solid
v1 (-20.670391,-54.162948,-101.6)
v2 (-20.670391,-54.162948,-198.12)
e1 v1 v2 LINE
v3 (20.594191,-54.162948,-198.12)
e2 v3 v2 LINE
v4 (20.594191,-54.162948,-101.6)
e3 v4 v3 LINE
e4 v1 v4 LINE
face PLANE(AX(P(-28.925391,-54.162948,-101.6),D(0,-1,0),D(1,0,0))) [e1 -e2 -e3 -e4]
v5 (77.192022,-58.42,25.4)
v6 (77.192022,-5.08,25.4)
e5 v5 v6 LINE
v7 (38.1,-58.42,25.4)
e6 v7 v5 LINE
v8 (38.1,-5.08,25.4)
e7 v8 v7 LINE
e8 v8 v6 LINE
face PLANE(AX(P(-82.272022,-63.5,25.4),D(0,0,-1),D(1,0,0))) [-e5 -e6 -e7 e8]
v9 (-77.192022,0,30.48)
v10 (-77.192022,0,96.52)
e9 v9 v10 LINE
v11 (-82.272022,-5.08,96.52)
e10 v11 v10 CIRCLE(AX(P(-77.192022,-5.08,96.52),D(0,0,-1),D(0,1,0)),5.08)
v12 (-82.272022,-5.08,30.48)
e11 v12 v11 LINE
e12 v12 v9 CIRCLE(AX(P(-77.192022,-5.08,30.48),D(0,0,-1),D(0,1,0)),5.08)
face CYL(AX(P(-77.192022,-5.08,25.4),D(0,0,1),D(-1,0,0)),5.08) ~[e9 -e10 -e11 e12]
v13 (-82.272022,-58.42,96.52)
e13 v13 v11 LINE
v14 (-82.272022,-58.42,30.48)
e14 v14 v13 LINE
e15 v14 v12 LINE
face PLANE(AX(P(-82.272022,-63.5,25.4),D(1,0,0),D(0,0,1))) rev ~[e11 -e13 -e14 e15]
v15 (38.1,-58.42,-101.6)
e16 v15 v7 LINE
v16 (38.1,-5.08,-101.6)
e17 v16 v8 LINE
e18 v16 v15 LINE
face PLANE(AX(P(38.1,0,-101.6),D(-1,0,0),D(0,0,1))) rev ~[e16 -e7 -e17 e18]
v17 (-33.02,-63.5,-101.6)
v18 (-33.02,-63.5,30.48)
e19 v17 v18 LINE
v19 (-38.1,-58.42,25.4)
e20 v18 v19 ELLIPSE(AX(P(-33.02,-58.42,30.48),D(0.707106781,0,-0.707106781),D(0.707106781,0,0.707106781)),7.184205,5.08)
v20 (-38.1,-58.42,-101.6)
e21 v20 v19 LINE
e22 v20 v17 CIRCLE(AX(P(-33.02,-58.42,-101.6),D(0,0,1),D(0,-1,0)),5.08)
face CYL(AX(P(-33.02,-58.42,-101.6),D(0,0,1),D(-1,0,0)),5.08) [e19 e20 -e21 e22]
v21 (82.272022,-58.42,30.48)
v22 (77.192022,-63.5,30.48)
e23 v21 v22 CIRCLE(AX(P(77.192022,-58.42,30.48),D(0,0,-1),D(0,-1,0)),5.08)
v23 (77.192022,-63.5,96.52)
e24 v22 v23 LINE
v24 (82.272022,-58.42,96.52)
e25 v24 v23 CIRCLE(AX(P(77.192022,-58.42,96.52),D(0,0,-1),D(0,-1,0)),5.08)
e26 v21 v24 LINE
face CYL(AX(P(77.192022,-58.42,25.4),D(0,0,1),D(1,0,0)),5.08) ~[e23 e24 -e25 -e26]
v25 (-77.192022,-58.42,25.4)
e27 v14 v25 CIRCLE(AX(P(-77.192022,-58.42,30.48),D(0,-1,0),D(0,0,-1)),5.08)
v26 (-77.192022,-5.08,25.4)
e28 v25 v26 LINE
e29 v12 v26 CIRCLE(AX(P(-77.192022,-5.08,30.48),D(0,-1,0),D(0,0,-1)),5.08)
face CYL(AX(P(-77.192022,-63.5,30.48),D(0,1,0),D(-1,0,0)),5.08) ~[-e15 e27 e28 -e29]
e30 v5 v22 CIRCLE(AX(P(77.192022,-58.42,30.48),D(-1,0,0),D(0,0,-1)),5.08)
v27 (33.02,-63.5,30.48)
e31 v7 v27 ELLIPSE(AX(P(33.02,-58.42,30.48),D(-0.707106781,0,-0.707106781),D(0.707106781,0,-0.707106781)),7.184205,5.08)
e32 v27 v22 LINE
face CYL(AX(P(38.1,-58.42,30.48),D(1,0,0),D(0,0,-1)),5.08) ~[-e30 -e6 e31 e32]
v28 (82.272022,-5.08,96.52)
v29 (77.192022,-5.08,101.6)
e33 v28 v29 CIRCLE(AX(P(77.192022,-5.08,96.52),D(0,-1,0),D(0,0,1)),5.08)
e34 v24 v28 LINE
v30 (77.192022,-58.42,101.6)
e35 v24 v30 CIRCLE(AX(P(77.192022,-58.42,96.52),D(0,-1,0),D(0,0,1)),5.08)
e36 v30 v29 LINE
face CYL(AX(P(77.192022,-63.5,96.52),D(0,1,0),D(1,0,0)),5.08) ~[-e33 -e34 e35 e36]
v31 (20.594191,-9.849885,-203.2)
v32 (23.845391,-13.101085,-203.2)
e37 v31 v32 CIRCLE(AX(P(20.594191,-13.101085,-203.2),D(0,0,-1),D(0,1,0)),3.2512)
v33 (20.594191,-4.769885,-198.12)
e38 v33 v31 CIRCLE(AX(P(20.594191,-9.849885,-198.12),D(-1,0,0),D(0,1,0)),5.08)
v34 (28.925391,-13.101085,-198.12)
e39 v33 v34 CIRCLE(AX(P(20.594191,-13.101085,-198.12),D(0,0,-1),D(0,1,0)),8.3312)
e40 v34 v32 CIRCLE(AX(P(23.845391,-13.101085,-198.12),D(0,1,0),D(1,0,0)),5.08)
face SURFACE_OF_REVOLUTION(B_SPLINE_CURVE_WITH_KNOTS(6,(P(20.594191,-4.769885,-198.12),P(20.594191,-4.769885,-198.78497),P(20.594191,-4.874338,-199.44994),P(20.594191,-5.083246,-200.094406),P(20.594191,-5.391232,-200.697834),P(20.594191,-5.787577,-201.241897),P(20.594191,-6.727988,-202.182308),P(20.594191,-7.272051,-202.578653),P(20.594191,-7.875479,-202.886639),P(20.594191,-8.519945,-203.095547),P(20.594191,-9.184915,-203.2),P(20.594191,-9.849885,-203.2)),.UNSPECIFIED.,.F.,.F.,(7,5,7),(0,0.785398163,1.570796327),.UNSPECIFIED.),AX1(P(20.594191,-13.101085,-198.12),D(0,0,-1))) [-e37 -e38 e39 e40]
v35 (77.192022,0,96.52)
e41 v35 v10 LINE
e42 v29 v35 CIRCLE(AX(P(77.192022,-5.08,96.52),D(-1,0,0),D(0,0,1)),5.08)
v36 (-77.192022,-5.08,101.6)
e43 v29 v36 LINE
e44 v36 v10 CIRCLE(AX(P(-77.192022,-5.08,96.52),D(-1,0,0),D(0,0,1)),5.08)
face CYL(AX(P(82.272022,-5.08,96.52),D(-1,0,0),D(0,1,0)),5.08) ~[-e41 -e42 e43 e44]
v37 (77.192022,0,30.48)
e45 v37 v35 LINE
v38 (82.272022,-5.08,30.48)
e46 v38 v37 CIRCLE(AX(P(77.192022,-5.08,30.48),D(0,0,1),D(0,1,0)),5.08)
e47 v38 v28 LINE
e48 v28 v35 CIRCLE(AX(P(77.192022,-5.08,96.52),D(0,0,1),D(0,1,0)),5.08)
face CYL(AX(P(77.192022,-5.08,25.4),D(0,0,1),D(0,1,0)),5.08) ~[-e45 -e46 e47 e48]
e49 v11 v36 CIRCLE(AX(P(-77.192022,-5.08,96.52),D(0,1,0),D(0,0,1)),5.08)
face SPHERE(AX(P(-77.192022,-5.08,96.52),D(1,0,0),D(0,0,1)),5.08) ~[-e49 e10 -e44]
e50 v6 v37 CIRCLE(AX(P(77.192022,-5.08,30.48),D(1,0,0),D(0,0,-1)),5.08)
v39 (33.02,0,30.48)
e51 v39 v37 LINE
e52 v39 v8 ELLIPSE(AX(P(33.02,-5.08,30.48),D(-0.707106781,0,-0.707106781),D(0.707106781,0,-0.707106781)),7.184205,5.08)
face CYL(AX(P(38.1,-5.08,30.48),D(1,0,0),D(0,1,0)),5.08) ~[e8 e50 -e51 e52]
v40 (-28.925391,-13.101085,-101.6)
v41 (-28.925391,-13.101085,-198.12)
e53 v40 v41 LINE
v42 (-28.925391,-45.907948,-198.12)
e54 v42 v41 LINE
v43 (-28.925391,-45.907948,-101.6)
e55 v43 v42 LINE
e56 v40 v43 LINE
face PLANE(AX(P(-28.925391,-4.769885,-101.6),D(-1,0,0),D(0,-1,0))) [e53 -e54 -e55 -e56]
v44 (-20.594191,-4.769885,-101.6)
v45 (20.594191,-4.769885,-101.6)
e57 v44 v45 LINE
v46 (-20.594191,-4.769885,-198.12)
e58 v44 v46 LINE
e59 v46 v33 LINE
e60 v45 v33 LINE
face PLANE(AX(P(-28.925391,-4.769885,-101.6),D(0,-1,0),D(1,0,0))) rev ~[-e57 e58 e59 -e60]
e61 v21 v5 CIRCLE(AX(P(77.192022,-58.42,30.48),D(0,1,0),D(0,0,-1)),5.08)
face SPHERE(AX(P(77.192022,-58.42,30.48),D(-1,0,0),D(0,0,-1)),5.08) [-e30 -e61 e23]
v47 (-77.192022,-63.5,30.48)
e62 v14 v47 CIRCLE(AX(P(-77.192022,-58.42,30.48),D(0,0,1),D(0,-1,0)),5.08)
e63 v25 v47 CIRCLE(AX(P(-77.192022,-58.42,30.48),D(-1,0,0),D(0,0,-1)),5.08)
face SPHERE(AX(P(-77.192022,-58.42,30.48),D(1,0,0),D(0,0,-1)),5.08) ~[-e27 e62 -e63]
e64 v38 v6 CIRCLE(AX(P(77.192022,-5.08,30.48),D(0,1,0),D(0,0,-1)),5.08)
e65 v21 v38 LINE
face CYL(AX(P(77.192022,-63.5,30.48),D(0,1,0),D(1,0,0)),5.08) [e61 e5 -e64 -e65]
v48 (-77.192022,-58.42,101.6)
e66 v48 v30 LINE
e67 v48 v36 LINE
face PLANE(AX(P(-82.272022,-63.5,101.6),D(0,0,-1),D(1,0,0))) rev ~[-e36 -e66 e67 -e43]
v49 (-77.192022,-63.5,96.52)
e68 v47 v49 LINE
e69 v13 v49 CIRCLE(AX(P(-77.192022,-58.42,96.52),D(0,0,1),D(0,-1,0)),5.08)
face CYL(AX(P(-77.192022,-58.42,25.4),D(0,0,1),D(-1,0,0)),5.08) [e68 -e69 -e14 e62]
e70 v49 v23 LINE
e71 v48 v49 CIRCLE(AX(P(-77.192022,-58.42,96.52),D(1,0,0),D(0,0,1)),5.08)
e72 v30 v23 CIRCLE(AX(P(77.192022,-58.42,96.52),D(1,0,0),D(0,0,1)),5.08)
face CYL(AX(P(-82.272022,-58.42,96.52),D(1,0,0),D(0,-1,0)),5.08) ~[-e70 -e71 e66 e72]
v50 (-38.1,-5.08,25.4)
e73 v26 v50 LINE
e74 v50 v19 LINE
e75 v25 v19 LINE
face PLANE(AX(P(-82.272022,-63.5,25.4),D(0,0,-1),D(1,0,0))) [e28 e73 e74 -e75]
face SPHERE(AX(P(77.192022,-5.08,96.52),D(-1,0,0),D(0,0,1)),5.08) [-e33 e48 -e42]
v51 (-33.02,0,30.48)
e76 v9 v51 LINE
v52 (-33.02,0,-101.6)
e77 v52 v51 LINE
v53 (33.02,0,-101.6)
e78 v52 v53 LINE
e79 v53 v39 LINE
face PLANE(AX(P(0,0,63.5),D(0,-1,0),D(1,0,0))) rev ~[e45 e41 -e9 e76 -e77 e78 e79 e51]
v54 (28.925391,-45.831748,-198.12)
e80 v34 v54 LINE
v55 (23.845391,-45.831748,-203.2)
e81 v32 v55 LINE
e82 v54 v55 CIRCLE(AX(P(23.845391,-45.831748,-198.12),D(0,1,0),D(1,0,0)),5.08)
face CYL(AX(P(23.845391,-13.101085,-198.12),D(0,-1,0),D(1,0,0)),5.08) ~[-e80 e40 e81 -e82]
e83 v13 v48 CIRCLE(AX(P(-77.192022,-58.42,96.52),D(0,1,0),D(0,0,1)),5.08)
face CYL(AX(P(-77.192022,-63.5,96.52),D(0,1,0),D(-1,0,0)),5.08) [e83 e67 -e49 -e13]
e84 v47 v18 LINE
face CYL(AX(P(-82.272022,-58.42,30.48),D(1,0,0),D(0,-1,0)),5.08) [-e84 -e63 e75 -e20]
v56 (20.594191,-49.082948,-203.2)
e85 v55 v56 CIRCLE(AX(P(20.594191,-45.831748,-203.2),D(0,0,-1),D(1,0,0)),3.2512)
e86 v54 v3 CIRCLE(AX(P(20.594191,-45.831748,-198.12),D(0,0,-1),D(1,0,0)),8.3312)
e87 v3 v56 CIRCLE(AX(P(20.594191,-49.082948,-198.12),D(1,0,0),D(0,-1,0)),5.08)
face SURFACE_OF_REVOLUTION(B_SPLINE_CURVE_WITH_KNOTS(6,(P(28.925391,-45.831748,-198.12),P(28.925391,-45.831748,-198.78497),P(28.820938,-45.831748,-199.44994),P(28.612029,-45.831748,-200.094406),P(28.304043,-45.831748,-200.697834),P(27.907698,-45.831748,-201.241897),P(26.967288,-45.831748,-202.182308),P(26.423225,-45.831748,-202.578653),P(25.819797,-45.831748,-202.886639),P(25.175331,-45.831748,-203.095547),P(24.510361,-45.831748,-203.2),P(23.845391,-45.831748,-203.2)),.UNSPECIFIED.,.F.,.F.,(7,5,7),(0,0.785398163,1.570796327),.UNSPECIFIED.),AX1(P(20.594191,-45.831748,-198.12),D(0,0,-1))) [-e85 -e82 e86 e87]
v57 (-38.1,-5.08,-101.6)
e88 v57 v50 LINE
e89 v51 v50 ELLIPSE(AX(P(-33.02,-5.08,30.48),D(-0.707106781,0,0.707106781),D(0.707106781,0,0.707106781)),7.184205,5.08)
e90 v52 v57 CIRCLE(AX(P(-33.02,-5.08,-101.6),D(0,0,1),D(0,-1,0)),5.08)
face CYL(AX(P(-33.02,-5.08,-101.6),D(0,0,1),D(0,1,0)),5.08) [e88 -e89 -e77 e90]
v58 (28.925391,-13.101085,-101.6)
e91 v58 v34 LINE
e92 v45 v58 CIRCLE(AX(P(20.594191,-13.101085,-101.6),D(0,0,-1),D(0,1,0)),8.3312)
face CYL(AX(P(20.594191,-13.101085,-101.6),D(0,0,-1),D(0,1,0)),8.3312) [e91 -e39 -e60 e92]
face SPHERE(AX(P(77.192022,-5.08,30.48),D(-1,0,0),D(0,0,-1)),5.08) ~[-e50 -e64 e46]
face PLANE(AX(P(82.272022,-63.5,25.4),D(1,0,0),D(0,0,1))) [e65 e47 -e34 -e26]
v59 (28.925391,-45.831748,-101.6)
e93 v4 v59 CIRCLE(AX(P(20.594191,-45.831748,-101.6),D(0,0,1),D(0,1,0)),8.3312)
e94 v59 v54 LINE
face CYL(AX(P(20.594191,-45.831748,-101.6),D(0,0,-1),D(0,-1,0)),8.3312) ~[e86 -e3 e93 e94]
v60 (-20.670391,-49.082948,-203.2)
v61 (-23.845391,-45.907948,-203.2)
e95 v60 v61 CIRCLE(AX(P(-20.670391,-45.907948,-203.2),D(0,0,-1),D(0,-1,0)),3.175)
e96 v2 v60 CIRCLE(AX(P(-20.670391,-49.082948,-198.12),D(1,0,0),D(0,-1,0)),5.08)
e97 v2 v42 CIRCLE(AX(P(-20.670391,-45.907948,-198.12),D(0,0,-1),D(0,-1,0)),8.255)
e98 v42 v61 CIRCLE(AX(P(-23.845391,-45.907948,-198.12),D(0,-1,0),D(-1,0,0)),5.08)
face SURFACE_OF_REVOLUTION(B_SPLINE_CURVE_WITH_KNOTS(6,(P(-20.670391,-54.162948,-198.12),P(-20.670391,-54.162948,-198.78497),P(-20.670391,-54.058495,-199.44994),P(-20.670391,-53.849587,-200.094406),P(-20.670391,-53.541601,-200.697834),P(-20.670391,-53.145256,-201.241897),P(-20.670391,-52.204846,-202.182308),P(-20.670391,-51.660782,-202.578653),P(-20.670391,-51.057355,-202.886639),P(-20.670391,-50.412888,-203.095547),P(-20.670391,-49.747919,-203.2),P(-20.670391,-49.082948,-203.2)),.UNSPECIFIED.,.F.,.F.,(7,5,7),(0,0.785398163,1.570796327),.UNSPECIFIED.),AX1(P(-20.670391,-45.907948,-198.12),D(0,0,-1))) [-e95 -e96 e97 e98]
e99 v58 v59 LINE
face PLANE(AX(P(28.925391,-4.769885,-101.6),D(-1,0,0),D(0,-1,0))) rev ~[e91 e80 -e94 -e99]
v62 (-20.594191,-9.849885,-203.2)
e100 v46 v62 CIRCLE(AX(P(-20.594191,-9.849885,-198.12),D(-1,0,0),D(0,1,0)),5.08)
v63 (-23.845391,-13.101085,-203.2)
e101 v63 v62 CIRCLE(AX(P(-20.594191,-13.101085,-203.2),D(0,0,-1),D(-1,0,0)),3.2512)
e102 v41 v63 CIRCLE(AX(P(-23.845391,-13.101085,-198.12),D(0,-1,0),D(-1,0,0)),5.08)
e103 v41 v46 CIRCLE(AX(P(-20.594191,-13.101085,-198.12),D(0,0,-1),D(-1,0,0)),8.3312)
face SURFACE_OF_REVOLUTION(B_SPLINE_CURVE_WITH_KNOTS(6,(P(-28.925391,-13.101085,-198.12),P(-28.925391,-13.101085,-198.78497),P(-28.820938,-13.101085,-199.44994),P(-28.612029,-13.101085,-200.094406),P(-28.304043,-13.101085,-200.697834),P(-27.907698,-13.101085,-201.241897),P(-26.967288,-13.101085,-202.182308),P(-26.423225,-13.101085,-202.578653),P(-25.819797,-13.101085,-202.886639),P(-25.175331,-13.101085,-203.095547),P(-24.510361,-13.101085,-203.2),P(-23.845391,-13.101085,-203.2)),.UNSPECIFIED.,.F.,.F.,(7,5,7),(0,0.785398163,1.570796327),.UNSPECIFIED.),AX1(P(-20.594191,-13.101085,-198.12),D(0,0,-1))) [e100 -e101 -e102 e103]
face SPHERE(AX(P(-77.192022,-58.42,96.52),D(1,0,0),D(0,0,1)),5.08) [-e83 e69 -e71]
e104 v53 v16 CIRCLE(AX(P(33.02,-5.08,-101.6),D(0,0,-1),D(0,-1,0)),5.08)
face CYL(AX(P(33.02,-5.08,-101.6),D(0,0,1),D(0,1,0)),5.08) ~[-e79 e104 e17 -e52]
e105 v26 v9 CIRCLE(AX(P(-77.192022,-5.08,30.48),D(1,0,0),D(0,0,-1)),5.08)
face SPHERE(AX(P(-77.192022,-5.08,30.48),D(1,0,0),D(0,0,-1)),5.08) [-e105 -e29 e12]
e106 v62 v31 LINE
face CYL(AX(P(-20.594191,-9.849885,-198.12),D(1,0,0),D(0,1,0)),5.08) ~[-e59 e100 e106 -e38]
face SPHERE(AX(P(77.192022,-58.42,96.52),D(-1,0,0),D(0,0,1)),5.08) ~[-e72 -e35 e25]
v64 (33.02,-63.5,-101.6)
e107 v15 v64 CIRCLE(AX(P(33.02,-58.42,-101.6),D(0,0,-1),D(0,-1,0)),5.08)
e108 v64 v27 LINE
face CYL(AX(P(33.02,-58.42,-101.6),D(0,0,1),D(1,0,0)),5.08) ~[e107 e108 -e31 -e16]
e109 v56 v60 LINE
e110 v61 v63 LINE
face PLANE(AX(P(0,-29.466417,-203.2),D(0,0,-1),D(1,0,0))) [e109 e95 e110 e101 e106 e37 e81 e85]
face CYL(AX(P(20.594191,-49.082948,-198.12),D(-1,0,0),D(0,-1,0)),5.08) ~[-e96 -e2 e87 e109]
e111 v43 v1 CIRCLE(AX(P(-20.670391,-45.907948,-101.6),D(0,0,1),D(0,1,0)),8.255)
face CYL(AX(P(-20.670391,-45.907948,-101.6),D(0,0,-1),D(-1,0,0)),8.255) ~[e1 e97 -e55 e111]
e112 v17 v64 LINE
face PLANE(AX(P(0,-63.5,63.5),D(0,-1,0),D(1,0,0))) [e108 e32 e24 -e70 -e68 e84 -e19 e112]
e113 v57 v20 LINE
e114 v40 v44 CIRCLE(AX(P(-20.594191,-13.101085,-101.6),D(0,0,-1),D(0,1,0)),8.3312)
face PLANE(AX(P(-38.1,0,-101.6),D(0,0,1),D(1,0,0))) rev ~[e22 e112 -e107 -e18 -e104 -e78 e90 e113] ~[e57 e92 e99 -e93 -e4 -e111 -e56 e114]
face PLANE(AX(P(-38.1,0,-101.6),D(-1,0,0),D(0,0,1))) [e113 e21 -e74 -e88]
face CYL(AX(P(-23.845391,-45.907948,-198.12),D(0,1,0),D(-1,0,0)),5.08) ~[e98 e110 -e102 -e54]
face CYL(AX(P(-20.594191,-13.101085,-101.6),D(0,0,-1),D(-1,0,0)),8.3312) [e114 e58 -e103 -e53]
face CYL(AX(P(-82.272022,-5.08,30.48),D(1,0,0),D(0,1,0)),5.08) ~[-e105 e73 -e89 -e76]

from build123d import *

# Parameters (mm, degrees)
F0_W     = 76.2
F0_H     = 203.2
F1_DEPTH = 63.5
F2_W     = 57.8507818282
F2_H     = 49.3930634111
F3_DEPTH = 101.6
F4_R     = 8.255
F5_R     = 8.3312
F6_R     = 5.08
F7_W     = 164.5440448
F7_H     = 76.2
F8_DEPTH = 63.5
F9_R     = 5.08


with BuildPart() as f1:
    # F0 (on Front) → F1 (new body)
    with BuildSketch(Plane.XZ):
        Rectangle(F0_W, F0_H)
    extrude(amount=F1_DEPTH)

    # F2 (on face) → F3 (join)
    with BuildSketch(Plane(origin=(0, 0, -101.6), x_dir=(1, 0, 0), z_dir=(0, 0, -1))):
        with Locations((0, 29.4664166868)):
            Rectangle(F2_W, F2_H)
    extrude(amount=F3_DEPTH)

    # F4
    f4_edges = [f1.edges().sort_by_distance(p)[0] for p in [
        (-28.925391, -54.162948, -152.4),
    ]]
    fillet(f4_edges, radius=F4_R)

    # F5
    f5_edges = [f1.edges().sort_by_distance(p)[0] for p in [
        (28.925391, -54.162948, -152.4),
        (28.925391, -4.769885, -152.4),
        (-28.925391, -4.769885, -152.4),
    ]]
    fillet(f5_edges, radius=F5_R)

    # F6
    f6_edges = [f1.edges().sort_by_distance(p)[0] for p in [
        (28.925391, -29.466417, -203.2),
        (26.485239, -51.722796, -203.2),
        (26.485239, -7.210037, -203.2),
        (0, -4.769885, -203.2),
        (-0.0381, -54.162948, -203.2),
        (-26.507557, -51.745115, -203.2),
        (-28.925391, -29.504517, -203.2),
        (-26.485239, -7.210037, -203.2),
    ]]
    fillet(f6_edges, radius=F6_R)

    # F7 (on face) → F8 (join)
    with BuildSketch(Plane.XZ.offset(63.5)):
        with Locations((0, 63.5)):
            Rectangle(F7_W, F7_H)
    extrude(amount=-F8_DEPTH)

    # F9
    f9_edges = [f1.edges().sort_by_distance(p)[0] for p in [
        (0, -63.5, 101.6),
        (0, 0, 101.6),
        (-60.186011, 0, 25.4),
        (60.186011, 0, 25.4),
        (-60.186011, -63.5, 25.4),
        (60.186011, -63.5, 25.4),
        (82.272022, -31.75, 25.4),
        (82.272022, -31.75, 101.6),
        (82.272022, -63.5, 63.5),
        (82.272022, 0, 63.5),
        (-82.272022, -31.75, 101.6),
        (-82.272022, -31.75, 25.4),
        (-82.272022, -63.5, 63.5),
        (-82.272022, 0, 63.5),
        (-38.1, -63.5, -38.1),
        (38.1, -63.5, -38.1),
        (-38.1, 0, -38.1),
        (38.1, 0, -38.1),
    ]]
    fillet(f9_edges, radius=F9_R)


solid = f1.part
